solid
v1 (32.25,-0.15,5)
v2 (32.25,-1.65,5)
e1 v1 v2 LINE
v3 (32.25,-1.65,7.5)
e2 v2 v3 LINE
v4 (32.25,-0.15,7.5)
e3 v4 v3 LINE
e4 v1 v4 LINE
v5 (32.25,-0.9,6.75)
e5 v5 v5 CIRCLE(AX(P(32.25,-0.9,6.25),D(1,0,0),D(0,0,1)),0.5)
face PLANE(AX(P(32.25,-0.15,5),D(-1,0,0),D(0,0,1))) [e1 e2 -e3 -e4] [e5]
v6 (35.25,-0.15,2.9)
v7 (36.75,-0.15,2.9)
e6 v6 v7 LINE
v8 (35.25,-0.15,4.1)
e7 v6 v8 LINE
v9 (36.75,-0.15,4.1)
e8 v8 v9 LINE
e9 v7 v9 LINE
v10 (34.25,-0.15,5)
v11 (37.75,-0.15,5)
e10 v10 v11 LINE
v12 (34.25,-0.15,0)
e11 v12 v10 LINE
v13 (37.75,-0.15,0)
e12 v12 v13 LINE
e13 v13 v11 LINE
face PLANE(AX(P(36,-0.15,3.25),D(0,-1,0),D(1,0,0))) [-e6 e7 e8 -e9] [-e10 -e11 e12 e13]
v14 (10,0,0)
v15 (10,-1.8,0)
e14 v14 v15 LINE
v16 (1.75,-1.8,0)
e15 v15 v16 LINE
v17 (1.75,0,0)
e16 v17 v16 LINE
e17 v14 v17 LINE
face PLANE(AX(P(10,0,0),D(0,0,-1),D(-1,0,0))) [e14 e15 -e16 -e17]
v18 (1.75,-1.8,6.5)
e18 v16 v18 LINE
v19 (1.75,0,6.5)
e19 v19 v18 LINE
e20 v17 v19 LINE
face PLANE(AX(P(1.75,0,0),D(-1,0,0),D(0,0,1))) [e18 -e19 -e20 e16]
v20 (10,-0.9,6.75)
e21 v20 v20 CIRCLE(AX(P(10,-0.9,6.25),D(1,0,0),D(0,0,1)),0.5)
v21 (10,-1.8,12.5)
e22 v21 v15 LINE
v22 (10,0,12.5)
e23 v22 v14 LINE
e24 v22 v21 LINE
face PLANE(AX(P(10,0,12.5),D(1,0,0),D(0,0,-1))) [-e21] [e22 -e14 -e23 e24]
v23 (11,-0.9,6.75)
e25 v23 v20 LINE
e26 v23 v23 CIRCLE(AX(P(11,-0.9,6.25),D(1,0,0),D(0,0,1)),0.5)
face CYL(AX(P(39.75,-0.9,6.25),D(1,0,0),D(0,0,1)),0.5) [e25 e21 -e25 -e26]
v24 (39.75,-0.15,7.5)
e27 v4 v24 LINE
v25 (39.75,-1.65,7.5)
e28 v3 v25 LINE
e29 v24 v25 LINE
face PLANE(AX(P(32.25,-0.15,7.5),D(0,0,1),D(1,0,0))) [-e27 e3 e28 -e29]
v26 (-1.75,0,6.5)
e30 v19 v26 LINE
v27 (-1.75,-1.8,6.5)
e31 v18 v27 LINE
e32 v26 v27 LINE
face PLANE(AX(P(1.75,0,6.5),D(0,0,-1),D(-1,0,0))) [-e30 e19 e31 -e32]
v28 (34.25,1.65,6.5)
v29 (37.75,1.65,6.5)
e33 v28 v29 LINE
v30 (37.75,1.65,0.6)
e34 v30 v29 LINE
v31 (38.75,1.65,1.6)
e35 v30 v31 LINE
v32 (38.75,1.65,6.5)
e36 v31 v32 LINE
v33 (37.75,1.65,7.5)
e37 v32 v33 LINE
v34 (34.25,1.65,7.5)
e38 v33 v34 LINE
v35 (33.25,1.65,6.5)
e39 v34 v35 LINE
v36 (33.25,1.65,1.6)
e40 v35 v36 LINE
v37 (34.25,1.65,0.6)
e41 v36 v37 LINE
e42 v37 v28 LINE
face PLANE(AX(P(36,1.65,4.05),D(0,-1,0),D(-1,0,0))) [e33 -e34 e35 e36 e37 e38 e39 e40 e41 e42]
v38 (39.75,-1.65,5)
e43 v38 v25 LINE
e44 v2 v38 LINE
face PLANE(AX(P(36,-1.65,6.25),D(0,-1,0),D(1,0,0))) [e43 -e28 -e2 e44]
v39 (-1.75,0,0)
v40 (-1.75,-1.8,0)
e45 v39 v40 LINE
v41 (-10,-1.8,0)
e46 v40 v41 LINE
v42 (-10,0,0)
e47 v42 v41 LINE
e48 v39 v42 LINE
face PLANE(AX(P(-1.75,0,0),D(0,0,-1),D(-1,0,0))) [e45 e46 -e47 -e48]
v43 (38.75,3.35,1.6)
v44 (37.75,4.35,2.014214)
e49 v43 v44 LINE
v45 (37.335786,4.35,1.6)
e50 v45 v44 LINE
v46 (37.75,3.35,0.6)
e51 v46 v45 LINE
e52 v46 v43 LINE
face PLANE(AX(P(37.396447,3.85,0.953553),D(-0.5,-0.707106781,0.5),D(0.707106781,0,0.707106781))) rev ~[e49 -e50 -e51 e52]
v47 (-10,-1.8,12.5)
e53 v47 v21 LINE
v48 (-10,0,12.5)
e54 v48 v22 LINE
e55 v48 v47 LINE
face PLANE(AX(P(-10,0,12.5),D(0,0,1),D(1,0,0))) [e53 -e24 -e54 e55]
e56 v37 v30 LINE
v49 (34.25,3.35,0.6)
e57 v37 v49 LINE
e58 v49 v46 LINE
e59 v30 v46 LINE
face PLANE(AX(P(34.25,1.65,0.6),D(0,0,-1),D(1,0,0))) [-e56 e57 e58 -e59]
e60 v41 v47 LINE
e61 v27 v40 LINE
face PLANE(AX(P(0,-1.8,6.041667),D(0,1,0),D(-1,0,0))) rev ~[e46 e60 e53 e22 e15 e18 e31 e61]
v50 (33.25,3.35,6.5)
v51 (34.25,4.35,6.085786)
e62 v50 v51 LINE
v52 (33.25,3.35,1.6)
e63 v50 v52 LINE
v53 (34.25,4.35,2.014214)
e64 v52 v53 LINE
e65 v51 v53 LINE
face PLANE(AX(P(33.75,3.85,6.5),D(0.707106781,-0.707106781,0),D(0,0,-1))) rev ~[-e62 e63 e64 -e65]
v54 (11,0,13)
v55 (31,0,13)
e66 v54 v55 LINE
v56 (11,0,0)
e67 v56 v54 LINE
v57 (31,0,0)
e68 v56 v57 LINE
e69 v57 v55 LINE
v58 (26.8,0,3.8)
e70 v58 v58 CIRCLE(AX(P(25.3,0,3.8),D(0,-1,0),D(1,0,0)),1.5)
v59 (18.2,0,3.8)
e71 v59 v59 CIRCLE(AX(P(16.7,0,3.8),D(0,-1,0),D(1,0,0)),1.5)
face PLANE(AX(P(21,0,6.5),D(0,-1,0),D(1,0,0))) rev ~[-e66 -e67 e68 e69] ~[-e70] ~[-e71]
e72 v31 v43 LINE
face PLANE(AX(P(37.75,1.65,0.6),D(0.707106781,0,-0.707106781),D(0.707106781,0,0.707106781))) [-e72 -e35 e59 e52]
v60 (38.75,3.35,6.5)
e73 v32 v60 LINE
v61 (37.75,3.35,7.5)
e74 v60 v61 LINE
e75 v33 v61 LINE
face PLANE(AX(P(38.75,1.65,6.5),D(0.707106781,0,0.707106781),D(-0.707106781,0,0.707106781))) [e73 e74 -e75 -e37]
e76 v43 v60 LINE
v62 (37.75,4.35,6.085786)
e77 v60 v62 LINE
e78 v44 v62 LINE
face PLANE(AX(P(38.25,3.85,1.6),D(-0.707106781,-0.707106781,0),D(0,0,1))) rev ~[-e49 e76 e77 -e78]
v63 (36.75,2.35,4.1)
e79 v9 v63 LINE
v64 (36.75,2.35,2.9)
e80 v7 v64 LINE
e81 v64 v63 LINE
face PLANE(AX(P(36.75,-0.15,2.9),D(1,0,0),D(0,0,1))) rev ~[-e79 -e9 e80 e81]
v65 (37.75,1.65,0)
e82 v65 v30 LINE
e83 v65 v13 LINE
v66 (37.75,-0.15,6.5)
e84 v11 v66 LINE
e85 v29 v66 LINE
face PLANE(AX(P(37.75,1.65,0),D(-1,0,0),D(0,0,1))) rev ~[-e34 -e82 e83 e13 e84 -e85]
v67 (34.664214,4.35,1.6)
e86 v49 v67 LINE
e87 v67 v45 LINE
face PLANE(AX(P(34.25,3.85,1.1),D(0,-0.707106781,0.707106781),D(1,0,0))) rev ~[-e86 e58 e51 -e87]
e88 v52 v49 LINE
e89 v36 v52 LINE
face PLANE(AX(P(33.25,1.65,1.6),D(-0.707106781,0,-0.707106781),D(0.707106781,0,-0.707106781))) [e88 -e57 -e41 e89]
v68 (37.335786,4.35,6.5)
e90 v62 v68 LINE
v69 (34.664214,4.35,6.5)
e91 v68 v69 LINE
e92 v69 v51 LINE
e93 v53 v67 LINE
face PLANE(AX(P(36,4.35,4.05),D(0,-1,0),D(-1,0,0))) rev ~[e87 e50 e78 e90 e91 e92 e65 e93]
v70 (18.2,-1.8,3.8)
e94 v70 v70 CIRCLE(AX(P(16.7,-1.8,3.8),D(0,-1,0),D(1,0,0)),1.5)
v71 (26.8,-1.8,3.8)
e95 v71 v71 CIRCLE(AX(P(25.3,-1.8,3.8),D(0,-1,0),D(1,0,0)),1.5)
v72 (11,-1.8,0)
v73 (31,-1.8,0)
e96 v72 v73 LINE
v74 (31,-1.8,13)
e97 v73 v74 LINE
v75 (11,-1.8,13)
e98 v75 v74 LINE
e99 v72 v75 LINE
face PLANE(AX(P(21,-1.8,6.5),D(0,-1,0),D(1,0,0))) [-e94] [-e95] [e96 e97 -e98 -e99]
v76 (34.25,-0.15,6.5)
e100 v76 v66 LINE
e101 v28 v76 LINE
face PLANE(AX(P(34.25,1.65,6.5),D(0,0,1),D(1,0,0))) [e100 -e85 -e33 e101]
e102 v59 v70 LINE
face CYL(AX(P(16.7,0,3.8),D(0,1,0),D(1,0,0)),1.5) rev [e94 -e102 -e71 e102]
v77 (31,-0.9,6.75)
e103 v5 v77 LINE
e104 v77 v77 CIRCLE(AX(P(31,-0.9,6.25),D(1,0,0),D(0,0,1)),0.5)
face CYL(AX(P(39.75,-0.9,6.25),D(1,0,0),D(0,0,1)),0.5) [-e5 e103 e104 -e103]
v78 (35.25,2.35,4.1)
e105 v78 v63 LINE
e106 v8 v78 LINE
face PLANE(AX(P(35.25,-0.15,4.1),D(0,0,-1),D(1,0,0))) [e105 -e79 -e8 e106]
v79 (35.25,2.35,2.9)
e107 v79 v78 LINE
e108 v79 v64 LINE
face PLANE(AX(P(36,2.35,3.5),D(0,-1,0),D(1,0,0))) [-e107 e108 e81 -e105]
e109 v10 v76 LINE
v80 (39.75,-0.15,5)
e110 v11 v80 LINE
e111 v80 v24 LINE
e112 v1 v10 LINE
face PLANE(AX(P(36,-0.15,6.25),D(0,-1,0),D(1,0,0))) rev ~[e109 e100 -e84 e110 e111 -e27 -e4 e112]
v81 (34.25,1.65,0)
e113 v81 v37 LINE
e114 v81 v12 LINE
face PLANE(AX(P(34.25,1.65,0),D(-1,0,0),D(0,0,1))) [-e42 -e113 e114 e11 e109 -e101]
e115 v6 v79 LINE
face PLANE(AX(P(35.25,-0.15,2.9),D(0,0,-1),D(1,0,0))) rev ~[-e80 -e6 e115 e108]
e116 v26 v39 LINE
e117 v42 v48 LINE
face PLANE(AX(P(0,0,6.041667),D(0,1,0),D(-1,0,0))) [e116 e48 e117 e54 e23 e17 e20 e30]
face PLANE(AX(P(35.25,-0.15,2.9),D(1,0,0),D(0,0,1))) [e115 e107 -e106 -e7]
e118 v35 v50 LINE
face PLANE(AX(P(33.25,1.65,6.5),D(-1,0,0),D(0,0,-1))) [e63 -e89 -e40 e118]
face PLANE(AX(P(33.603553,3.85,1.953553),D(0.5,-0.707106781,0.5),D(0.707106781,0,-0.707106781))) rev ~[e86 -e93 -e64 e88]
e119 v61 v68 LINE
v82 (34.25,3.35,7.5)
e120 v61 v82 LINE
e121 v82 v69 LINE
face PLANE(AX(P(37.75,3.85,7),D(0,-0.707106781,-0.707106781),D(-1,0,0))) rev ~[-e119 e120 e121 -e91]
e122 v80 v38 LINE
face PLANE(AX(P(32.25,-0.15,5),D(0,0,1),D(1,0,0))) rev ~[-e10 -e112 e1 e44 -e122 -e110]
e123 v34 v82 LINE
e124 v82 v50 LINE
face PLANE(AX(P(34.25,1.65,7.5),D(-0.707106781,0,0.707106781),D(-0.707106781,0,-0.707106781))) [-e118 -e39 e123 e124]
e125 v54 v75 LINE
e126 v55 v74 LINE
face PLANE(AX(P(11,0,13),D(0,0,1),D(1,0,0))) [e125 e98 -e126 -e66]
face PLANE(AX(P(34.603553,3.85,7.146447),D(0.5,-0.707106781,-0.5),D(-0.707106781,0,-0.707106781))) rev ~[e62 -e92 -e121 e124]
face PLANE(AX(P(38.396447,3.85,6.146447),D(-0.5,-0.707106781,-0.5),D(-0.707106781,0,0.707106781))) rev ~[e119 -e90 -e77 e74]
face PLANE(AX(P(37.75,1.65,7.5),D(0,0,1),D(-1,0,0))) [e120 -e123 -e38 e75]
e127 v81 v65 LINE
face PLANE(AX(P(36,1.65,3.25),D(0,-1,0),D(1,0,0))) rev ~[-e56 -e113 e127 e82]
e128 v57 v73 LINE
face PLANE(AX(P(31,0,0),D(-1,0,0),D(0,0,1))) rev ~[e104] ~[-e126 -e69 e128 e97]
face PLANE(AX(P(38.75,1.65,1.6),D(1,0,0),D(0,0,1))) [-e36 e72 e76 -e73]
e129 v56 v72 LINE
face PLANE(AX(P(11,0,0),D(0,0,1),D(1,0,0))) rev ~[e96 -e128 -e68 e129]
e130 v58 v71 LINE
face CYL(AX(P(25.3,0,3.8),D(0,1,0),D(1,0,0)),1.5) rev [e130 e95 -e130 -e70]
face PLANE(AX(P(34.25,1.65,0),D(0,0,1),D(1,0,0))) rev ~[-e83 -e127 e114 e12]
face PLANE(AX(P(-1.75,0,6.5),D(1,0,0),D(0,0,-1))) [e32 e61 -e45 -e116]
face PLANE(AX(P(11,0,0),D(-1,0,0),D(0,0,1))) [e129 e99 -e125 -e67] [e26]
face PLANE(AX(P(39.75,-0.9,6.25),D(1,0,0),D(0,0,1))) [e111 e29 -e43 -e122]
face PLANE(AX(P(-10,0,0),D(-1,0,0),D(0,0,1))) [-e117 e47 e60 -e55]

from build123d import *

# Parameters (mm, degrees)
SKETCH_W     = 3.5
SKETCH_H     = 6.5
PAD002_DEPTH = 1.8
PAD003_DEPTH = 2.7
SKETCH004_W  = 1.5
SKETCH004_H  = 1.2
POCKET_DEPTH = 2.5
SKETCH005_W  = 7.5
SKETCH005_H  = 2.5
PAD004_DEPTH = 1.5
CHAMFER_SIZE = 1
SKETCH006_R  = 0.5
PAD005_DEPTH = 30
PAD001_DEPTH = 1.8
SKETCH002_W  = 20
SKETCH002_H  = 13
SKETCH002_R  = 1.5
PAD_DEPTH    = 1.8


with BuildPart() as pad005:
    # Sketch → Pad002 (new body)
    with BuildSketch(Plane(origin=(36, 1.65, 0), x_dir=(1, 0, 0), z_dir=(0, -1, 0))):
        with Locations((0, 3.25)):
            Rectangle(SKETCH_W, SKETCH_H)
    extrude(amount=PAD002_DEPTH)

    # Sketch003 → Pad003 (new body)
    with BuildSketch(Plane(origin=(36, 1.65, 0), x_dir=(1, 0, 0), z_dir=(0, 1, 0))):
        Polygon((-1.75, -0.6), (1.75, -0.6), (2.75, -1.6), (2.75, -6.5), (1.75, -7.5), (-1.75, -7.5), (-2.75, -6.5), (-2.75, -1.6), align=None)
    extrude(amount=PAD003_DEPTH)

    # Sketch004 → Pocket (cut)
    with BuildSketch(Plane(origin=(36, -0.15, 0), x_dir=(1, 0, 0), z_dir=(0, -1, 0))):
        with Locations((0, 3.5)):
            Rectangle(SKETCH004_W, SKETCH004_H)
    extrude(amount=-POCKET_DEPTH, mode=Mode.SUBTRACT)

    # Sketch005 → Pad004 (new body)
    with BuildSketch(Plane(origin=(36, -0.15, 0), x_dir=(1, 0, 0), z_dir=(0, -1, 0))):
        with Locations((0, 6.25)):
            Rectangle(SKETCH005_W, SKETCH005_H)
    extrude(amount=PAD004_DEPTH)

    # Chamfer
    chamfer_edges = [pad005.edges().sort_by_distance(p)[0] for p in [
        (33.25, 4.35, 4.05),
        (33.75, 4.35, 1.1),
        (36, 4.35, 0.6),
        (38.25, 4.35, 1.1),
        (38.75, 4.35, 4.05),
        (38.25, 4.35, 7),
        (36, 4.35, 7.5),
        (33.75, 4.35, 7),
    ]]
    chamfer(chamfer_edges, length=CHAMFER_SIZE)

    # Sketch006 → Pad005 (new body)
    with BuildSketch(Plane(origin=(39.75, 1.65, 0), x_dir=(0, 0, 1), z_dir=(1, 0, 0))):
        with Locations((6.25, 2.55)):
            Circle(SKETCH006_R)
    extrude(amount=-PAD005_DEPTH)


with BuildPart() as padcover:
    # Sketch001 → Pad001 (new body)
    with BuildSketch(Plane.XZ):
        Polygon((10, 0), (1.75, 0), (1.75, 6.5), (-1.75, 6.5), (-1.75, 0), (-10, 0), (-10, 12.5), (10, 12.5), align=None)
    extrude(amount=PAD001_DEPTH)


with BuildPart() as fusion:
    # Sketch002 → Pad (new body)
    with BuildSketch(Plane(origin=(21, 0, 0), x_dir=(1, 0, 0), z_dir=(0, -1, 0))):
        with Locations((0, 6.5)):
            Rectangle(SKETCH002_W, SKETCH002_H)
        with Locations((-4.3, 3.8)):
            Circle(SKETCH002_R, mode=Mode.SUBTRACT)
        with Locations((4.3, 3.8)):
            Circle(SKETCH002_R, mode=Mode.SUBTRACT)
    extrude(amount=PAD_DEPTH)

    # Fusion: union Pad005, PadCover
    add(pad005.part)
    add(padcover.part)


solid = fusion.part
